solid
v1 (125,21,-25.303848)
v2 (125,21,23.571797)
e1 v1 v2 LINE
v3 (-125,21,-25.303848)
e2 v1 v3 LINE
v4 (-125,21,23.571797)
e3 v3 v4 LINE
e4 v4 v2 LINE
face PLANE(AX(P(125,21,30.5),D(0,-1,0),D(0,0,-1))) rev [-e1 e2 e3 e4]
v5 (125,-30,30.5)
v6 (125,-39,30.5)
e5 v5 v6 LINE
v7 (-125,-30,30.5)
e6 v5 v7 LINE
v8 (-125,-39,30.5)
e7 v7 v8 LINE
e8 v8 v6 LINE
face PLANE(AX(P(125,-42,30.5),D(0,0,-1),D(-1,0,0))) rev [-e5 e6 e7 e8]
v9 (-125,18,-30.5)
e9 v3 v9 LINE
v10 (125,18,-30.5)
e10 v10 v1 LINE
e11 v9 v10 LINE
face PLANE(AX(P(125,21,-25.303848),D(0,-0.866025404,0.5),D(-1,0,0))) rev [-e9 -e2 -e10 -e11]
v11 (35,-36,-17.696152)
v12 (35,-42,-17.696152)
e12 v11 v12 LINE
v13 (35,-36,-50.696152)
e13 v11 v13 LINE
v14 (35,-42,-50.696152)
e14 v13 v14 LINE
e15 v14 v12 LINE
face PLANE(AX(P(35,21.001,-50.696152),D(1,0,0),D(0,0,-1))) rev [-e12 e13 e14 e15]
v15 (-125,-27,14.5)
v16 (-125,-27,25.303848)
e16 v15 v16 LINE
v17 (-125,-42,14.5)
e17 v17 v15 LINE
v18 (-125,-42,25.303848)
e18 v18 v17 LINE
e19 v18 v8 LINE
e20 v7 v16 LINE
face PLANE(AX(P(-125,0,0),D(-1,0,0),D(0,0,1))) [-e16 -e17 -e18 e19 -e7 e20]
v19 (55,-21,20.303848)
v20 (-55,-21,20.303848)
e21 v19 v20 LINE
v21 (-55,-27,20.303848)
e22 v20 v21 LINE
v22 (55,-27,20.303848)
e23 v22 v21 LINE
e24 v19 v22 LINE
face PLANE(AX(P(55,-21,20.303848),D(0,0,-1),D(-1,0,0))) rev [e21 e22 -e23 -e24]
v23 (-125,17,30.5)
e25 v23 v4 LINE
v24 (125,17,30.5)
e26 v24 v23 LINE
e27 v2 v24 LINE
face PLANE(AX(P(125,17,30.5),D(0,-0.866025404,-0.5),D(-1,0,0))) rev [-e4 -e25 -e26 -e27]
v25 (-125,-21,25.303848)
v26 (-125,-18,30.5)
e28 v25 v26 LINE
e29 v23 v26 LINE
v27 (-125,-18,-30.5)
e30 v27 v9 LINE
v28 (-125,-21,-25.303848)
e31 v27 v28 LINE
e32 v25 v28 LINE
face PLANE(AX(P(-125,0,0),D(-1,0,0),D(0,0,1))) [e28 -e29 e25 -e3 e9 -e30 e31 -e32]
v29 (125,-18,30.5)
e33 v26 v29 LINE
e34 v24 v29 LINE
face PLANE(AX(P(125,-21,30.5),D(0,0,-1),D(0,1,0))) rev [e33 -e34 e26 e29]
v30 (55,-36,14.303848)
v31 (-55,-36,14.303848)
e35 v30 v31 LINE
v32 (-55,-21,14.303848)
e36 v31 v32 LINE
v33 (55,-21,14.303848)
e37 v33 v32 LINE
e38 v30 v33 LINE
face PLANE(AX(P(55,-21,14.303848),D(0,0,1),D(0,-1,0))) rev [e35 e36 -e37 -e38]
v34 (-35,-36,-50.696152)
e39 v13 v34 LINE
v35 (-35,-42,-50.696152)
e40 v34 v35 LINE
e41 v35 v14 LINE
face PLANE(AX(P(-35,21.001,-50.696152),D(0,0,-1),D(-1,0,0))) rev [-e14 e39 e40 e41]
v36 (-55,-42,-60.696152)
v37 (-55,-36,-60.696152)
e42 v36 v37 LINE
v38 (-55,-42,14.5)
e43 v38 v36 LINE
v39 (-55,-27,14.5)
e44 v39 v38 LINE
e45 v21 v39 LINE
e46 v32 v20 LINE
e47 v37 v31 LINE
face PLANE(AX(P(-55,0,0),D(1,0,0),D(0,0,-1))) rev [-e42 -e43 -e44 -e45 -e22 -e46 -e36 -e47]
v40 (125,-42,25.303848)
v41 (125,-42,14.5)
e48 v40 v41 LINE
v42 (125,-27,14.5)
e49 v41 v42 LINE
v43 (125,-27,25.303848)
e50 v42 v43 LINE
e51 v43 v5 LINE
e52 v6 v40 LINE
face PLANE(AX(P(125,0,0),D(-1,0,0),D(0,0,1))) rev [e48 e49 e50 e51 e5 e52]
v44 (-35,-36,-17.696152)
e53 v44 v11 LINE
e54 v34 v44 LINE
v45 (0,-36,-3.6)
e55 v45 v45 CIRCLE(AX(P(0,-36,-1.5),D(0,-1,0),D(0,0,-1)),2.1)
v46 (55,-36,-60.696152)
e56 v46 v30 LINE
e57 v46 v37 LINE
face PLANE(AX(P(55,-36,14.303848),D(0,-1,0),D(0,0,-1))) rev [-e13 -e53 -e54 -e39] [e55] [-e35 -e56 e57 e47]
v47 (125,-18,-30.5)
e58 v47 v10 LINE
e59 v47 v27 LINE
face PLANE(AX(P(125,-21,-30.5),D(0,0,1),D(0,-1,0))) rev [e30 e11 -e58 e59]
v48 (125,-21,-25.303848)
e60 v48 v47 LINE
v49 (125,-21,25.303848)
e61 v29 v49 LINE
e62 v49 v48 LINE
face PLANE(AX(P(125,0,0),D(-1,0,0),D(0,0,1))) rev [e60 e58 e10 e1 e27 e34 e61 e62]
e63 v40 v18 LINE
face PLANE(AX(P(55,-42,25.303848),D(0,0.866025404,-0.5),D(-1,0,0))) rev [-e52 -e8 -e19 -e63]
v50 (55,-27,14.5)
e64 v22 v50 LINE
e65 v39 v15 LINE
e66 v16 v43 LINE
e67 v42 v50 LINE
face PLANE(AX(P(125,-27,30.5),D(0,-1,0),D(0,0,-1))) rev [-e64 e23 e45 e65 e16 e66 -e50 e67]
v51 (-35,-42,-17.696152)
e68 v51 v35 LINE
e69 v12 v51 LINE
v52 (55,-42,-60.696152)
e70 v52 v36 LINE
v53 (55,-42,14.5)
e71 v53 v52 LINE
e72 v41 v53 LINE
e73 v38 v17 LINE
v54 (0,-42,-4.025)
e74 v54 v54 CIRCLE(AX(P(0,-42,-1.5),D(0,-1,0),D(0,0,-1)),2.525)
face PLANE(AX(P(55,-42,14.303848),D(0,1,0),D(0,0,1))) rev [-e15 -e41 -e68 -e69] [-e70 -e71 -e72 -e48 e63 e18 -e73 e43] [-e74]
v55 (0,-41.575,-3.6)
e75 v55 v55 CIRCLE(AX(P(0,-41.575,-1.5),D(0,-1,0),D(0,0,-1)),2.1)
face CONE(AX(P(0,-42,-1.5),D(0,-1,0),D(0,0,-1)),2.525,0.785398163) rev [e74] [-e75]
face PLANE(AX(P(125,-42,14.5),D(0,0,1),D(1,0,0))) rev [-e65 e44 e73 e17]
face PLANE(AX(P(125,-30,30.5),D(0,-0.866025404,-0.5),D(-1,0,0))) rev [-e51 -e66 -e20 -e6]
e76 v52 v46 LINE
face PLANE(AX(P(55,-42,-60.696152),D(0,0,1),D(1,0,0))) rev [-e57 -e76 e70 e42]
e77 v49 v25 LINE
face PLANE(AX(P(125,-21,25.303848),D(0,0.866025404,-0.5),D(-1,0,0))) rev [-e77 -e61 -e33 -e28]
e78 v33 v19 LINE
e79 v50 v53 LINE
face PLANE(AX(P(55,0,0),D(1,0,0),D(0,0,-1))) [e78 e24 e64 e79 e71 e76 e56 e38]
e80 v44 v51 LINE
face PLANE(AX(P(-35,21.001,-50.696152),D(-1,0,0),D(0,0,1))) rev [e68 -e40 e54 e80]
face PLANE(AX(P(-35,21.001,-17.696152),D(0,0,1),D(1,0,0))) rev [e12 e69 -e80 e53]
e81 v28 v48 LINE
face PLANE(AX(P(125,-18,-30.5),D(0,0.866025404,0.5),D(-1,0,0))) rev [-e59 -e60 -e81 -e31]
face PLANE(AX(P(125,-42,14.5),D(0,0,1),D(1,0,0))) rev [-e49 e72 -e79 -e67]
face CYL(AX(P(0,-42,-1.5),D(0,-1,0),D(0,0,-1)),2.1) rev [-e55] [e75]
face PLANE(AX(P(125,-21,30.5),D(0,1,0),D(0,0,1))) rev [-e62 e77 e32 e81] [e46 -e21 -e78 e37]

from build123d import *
from OCP.BRepFilletAPI import BRepFilletAPI_MakeChamfer

# Parameters (mm, degrees)
SKETCH_1_W                   = 61
SKETCH_1_H                   = 42
EXTRUDE_1_DEPTH              = 125
CHAMFER_1_SIZE               = 4
CHAMFER_1_SIZE2              = 6.92820323
CHAMFER_2_SIZE               = 3
CHAMFER_2_SIZE2              = 5.196152423
EXTRUDE_2_DEPTH              = 55
SKETCH_4_W                   = 16
SKETCH_4_H                   = 15
EXTRUDE_3_DEPTH              = 125
CHAMFER_3_SIZE               = 3
CHAMFER_3_SIZE2              = 5.196152423
CUT_EXTRUDE_1_REACH          = 154.571
SKETCH_5_W                   = 70
SKETCH_5_H                   = 33
HOLE_WIZARD_M5_1_D           = 4.2
HOLE_WIZARD_M5_1_DEPTH       = 6
HOLE_WIZARD_M5_1_CSINK_D     = 5.05
HOLE_WIZARD_M5_1_CSINK_ANGLE = 90


with BuildPart() as part:
    # 草图1 → 凸台-拉伸1 (new, symmetric)
    with BuildSketch(Plane(origin=(0, 0, 0), x_dir=(0, 0, -1), z_dir=(1, 0, 0))):
        Rectangle(SKETCH_1_W, SKETCH_1_H)
    extrude(amount=EXTRUDE_1_DEPTH, both=True)

    # 倒角1
    chamfer_1_edges = [part.edges().sort_by_distance(p)[0] for p in [
        (0, 21, 30.5),
    ]]
    chamfer_1_side = [part.faces().sort_by_distance(p)[0] for p in [
        (0, 0, 30.5),
    ]]
    chamfer(chamfer_1_edges, length=CHAMFER_1_SIZE, length2=CHAMFER_1_SIZE2, reference=chamfer_1_side[0])

    # 倒角2: one chamfer whose edges measure the first distance from different faces: ONE call of the kernel's chamfer builder (chamfer() names one face for all edges)
    chamfer_2_edges_1 = [part.edges().sort_by_distance(p)[0] for p in [
        (0, 21, -30.5),
        (0, -21, -30.5),
    ]]
    chamfer_2_side_1 = [part.faces().sort_by_distance(p)[0] for p in [
        (0, 0, -30.5),
    ]]
    chamfer_2_edges_2 = [part.edges().sort_by_distance(p)[0] for p in [
        (0, -21, 30.5),
    ]]
    chamfer_2_side_2 = [part.faces().sort_by_distance(p)[0] for p in [
        (0, -2, 30.5),
    ]]
    chamfer_2 = BRepFilletAPI_MakeChamfer(part.part.solid().wrapped)
    for e in chamfer_2_edges_1:
        chamfer_2.Add(CHAMFER_2_SIZE, CHAMFER_2_SIZE2, e.wrapped, chamfer_2_side_1[0].wrapped)  # the first distance lies on this face
    for e in chamfer_2_edges_2:
        chamfer_2.Add(CHAMFER_2_SIZE, CHAMFER_2_SIZE2, e.wrapped, chamfer_2_side_2[0].wrapped)  # the first distance lies on this face
    add(Compound.cast(chamfer_2.Shape()), mode=Mode.REPLACE)

    # 草图3 → 凸台-拉伸2 (add, symmetric)
    with BuildSketch(Plane(origin=(0, 0, 0), x_dir=(0, 0, -1), z_dir=(1, 0, 0))):
        Polygon((-20.303847577, -21), (-14.303847577, -21), (-14.303847577, -36), (60.696152423, -36), (60.696152423, -42), (-14.303847577, -42), (-20.303847577, -42), align=None)
    extrude(amount=EXTRUDE_2_DEPTH, both=True)

    # 草图4 → 凸台-拉伸3 (add, symmetric)
    with BuildSketch(Plane(origin=(0, 0, 0), x_dir=(0, 0, -1), z_dir=(1, 0, 0))):
        with Locations((-22.5, -34.5)):
            Rectangle(SKETCH_4_W, SKETCH_4_H)
    extrude(amount=EXTRUDE_3_DEPTH, both=True)

    # 倒角3
    chamfer_3_edges = [part.edges().sort_by_distance(p)[0] for p in [
        (0, -27, 30.5),
        (0, -42, 30.5),
    ]]
    chamfer_3_side = [part.faces().sort_by_distance(p)[0] for p in [
        (0, -34.5, 30.5),
    ]]
    chamfer(chamfer_3_edges, length=CHAMFER_3_SIZE, length2=CHAMFER_3_SIZE2, reference=chamfer_3_side[0])

    # 草图5 → 切除-拉伸1 (cut, up to next)
    with BuildSketch(Plane.XZ.offset(42), mode=Mode.PRIVATE) as cut_extrude_1_sk1:
        with Locations((0, -34.196152423)):
            Rectangle(SKETCH_5_W, SKETCH_5_H)
    cut_extrude_1_tool1 = extrude(cut_extrude_1_sk1.sketch, amount=-CUT_EXTRUDE_1_REACH, mode=Mode.PRIVATE) & part.part
    add(cut_extrude_1_tool1.solids().sort_by_distance((0, -42, -34.196152))[0], mode=Mode.SUBTRACT)

    # M5 螺纹孔1
    with Locations(Plane.XZ.offset(42)):
        with Locations((0, -1.5)):
            CounterSinkHole(HOLE_WIZARD_M5_1_D / 2, HOLE_WIZARD_M5_1_CSINK_D / 2, depth=HOLE_WIZARD_M5_1_DEPTH, counter_sink_angle=HOLE_WIZARD_M5_1_CSINK_ANGLE)


solid = part.part
